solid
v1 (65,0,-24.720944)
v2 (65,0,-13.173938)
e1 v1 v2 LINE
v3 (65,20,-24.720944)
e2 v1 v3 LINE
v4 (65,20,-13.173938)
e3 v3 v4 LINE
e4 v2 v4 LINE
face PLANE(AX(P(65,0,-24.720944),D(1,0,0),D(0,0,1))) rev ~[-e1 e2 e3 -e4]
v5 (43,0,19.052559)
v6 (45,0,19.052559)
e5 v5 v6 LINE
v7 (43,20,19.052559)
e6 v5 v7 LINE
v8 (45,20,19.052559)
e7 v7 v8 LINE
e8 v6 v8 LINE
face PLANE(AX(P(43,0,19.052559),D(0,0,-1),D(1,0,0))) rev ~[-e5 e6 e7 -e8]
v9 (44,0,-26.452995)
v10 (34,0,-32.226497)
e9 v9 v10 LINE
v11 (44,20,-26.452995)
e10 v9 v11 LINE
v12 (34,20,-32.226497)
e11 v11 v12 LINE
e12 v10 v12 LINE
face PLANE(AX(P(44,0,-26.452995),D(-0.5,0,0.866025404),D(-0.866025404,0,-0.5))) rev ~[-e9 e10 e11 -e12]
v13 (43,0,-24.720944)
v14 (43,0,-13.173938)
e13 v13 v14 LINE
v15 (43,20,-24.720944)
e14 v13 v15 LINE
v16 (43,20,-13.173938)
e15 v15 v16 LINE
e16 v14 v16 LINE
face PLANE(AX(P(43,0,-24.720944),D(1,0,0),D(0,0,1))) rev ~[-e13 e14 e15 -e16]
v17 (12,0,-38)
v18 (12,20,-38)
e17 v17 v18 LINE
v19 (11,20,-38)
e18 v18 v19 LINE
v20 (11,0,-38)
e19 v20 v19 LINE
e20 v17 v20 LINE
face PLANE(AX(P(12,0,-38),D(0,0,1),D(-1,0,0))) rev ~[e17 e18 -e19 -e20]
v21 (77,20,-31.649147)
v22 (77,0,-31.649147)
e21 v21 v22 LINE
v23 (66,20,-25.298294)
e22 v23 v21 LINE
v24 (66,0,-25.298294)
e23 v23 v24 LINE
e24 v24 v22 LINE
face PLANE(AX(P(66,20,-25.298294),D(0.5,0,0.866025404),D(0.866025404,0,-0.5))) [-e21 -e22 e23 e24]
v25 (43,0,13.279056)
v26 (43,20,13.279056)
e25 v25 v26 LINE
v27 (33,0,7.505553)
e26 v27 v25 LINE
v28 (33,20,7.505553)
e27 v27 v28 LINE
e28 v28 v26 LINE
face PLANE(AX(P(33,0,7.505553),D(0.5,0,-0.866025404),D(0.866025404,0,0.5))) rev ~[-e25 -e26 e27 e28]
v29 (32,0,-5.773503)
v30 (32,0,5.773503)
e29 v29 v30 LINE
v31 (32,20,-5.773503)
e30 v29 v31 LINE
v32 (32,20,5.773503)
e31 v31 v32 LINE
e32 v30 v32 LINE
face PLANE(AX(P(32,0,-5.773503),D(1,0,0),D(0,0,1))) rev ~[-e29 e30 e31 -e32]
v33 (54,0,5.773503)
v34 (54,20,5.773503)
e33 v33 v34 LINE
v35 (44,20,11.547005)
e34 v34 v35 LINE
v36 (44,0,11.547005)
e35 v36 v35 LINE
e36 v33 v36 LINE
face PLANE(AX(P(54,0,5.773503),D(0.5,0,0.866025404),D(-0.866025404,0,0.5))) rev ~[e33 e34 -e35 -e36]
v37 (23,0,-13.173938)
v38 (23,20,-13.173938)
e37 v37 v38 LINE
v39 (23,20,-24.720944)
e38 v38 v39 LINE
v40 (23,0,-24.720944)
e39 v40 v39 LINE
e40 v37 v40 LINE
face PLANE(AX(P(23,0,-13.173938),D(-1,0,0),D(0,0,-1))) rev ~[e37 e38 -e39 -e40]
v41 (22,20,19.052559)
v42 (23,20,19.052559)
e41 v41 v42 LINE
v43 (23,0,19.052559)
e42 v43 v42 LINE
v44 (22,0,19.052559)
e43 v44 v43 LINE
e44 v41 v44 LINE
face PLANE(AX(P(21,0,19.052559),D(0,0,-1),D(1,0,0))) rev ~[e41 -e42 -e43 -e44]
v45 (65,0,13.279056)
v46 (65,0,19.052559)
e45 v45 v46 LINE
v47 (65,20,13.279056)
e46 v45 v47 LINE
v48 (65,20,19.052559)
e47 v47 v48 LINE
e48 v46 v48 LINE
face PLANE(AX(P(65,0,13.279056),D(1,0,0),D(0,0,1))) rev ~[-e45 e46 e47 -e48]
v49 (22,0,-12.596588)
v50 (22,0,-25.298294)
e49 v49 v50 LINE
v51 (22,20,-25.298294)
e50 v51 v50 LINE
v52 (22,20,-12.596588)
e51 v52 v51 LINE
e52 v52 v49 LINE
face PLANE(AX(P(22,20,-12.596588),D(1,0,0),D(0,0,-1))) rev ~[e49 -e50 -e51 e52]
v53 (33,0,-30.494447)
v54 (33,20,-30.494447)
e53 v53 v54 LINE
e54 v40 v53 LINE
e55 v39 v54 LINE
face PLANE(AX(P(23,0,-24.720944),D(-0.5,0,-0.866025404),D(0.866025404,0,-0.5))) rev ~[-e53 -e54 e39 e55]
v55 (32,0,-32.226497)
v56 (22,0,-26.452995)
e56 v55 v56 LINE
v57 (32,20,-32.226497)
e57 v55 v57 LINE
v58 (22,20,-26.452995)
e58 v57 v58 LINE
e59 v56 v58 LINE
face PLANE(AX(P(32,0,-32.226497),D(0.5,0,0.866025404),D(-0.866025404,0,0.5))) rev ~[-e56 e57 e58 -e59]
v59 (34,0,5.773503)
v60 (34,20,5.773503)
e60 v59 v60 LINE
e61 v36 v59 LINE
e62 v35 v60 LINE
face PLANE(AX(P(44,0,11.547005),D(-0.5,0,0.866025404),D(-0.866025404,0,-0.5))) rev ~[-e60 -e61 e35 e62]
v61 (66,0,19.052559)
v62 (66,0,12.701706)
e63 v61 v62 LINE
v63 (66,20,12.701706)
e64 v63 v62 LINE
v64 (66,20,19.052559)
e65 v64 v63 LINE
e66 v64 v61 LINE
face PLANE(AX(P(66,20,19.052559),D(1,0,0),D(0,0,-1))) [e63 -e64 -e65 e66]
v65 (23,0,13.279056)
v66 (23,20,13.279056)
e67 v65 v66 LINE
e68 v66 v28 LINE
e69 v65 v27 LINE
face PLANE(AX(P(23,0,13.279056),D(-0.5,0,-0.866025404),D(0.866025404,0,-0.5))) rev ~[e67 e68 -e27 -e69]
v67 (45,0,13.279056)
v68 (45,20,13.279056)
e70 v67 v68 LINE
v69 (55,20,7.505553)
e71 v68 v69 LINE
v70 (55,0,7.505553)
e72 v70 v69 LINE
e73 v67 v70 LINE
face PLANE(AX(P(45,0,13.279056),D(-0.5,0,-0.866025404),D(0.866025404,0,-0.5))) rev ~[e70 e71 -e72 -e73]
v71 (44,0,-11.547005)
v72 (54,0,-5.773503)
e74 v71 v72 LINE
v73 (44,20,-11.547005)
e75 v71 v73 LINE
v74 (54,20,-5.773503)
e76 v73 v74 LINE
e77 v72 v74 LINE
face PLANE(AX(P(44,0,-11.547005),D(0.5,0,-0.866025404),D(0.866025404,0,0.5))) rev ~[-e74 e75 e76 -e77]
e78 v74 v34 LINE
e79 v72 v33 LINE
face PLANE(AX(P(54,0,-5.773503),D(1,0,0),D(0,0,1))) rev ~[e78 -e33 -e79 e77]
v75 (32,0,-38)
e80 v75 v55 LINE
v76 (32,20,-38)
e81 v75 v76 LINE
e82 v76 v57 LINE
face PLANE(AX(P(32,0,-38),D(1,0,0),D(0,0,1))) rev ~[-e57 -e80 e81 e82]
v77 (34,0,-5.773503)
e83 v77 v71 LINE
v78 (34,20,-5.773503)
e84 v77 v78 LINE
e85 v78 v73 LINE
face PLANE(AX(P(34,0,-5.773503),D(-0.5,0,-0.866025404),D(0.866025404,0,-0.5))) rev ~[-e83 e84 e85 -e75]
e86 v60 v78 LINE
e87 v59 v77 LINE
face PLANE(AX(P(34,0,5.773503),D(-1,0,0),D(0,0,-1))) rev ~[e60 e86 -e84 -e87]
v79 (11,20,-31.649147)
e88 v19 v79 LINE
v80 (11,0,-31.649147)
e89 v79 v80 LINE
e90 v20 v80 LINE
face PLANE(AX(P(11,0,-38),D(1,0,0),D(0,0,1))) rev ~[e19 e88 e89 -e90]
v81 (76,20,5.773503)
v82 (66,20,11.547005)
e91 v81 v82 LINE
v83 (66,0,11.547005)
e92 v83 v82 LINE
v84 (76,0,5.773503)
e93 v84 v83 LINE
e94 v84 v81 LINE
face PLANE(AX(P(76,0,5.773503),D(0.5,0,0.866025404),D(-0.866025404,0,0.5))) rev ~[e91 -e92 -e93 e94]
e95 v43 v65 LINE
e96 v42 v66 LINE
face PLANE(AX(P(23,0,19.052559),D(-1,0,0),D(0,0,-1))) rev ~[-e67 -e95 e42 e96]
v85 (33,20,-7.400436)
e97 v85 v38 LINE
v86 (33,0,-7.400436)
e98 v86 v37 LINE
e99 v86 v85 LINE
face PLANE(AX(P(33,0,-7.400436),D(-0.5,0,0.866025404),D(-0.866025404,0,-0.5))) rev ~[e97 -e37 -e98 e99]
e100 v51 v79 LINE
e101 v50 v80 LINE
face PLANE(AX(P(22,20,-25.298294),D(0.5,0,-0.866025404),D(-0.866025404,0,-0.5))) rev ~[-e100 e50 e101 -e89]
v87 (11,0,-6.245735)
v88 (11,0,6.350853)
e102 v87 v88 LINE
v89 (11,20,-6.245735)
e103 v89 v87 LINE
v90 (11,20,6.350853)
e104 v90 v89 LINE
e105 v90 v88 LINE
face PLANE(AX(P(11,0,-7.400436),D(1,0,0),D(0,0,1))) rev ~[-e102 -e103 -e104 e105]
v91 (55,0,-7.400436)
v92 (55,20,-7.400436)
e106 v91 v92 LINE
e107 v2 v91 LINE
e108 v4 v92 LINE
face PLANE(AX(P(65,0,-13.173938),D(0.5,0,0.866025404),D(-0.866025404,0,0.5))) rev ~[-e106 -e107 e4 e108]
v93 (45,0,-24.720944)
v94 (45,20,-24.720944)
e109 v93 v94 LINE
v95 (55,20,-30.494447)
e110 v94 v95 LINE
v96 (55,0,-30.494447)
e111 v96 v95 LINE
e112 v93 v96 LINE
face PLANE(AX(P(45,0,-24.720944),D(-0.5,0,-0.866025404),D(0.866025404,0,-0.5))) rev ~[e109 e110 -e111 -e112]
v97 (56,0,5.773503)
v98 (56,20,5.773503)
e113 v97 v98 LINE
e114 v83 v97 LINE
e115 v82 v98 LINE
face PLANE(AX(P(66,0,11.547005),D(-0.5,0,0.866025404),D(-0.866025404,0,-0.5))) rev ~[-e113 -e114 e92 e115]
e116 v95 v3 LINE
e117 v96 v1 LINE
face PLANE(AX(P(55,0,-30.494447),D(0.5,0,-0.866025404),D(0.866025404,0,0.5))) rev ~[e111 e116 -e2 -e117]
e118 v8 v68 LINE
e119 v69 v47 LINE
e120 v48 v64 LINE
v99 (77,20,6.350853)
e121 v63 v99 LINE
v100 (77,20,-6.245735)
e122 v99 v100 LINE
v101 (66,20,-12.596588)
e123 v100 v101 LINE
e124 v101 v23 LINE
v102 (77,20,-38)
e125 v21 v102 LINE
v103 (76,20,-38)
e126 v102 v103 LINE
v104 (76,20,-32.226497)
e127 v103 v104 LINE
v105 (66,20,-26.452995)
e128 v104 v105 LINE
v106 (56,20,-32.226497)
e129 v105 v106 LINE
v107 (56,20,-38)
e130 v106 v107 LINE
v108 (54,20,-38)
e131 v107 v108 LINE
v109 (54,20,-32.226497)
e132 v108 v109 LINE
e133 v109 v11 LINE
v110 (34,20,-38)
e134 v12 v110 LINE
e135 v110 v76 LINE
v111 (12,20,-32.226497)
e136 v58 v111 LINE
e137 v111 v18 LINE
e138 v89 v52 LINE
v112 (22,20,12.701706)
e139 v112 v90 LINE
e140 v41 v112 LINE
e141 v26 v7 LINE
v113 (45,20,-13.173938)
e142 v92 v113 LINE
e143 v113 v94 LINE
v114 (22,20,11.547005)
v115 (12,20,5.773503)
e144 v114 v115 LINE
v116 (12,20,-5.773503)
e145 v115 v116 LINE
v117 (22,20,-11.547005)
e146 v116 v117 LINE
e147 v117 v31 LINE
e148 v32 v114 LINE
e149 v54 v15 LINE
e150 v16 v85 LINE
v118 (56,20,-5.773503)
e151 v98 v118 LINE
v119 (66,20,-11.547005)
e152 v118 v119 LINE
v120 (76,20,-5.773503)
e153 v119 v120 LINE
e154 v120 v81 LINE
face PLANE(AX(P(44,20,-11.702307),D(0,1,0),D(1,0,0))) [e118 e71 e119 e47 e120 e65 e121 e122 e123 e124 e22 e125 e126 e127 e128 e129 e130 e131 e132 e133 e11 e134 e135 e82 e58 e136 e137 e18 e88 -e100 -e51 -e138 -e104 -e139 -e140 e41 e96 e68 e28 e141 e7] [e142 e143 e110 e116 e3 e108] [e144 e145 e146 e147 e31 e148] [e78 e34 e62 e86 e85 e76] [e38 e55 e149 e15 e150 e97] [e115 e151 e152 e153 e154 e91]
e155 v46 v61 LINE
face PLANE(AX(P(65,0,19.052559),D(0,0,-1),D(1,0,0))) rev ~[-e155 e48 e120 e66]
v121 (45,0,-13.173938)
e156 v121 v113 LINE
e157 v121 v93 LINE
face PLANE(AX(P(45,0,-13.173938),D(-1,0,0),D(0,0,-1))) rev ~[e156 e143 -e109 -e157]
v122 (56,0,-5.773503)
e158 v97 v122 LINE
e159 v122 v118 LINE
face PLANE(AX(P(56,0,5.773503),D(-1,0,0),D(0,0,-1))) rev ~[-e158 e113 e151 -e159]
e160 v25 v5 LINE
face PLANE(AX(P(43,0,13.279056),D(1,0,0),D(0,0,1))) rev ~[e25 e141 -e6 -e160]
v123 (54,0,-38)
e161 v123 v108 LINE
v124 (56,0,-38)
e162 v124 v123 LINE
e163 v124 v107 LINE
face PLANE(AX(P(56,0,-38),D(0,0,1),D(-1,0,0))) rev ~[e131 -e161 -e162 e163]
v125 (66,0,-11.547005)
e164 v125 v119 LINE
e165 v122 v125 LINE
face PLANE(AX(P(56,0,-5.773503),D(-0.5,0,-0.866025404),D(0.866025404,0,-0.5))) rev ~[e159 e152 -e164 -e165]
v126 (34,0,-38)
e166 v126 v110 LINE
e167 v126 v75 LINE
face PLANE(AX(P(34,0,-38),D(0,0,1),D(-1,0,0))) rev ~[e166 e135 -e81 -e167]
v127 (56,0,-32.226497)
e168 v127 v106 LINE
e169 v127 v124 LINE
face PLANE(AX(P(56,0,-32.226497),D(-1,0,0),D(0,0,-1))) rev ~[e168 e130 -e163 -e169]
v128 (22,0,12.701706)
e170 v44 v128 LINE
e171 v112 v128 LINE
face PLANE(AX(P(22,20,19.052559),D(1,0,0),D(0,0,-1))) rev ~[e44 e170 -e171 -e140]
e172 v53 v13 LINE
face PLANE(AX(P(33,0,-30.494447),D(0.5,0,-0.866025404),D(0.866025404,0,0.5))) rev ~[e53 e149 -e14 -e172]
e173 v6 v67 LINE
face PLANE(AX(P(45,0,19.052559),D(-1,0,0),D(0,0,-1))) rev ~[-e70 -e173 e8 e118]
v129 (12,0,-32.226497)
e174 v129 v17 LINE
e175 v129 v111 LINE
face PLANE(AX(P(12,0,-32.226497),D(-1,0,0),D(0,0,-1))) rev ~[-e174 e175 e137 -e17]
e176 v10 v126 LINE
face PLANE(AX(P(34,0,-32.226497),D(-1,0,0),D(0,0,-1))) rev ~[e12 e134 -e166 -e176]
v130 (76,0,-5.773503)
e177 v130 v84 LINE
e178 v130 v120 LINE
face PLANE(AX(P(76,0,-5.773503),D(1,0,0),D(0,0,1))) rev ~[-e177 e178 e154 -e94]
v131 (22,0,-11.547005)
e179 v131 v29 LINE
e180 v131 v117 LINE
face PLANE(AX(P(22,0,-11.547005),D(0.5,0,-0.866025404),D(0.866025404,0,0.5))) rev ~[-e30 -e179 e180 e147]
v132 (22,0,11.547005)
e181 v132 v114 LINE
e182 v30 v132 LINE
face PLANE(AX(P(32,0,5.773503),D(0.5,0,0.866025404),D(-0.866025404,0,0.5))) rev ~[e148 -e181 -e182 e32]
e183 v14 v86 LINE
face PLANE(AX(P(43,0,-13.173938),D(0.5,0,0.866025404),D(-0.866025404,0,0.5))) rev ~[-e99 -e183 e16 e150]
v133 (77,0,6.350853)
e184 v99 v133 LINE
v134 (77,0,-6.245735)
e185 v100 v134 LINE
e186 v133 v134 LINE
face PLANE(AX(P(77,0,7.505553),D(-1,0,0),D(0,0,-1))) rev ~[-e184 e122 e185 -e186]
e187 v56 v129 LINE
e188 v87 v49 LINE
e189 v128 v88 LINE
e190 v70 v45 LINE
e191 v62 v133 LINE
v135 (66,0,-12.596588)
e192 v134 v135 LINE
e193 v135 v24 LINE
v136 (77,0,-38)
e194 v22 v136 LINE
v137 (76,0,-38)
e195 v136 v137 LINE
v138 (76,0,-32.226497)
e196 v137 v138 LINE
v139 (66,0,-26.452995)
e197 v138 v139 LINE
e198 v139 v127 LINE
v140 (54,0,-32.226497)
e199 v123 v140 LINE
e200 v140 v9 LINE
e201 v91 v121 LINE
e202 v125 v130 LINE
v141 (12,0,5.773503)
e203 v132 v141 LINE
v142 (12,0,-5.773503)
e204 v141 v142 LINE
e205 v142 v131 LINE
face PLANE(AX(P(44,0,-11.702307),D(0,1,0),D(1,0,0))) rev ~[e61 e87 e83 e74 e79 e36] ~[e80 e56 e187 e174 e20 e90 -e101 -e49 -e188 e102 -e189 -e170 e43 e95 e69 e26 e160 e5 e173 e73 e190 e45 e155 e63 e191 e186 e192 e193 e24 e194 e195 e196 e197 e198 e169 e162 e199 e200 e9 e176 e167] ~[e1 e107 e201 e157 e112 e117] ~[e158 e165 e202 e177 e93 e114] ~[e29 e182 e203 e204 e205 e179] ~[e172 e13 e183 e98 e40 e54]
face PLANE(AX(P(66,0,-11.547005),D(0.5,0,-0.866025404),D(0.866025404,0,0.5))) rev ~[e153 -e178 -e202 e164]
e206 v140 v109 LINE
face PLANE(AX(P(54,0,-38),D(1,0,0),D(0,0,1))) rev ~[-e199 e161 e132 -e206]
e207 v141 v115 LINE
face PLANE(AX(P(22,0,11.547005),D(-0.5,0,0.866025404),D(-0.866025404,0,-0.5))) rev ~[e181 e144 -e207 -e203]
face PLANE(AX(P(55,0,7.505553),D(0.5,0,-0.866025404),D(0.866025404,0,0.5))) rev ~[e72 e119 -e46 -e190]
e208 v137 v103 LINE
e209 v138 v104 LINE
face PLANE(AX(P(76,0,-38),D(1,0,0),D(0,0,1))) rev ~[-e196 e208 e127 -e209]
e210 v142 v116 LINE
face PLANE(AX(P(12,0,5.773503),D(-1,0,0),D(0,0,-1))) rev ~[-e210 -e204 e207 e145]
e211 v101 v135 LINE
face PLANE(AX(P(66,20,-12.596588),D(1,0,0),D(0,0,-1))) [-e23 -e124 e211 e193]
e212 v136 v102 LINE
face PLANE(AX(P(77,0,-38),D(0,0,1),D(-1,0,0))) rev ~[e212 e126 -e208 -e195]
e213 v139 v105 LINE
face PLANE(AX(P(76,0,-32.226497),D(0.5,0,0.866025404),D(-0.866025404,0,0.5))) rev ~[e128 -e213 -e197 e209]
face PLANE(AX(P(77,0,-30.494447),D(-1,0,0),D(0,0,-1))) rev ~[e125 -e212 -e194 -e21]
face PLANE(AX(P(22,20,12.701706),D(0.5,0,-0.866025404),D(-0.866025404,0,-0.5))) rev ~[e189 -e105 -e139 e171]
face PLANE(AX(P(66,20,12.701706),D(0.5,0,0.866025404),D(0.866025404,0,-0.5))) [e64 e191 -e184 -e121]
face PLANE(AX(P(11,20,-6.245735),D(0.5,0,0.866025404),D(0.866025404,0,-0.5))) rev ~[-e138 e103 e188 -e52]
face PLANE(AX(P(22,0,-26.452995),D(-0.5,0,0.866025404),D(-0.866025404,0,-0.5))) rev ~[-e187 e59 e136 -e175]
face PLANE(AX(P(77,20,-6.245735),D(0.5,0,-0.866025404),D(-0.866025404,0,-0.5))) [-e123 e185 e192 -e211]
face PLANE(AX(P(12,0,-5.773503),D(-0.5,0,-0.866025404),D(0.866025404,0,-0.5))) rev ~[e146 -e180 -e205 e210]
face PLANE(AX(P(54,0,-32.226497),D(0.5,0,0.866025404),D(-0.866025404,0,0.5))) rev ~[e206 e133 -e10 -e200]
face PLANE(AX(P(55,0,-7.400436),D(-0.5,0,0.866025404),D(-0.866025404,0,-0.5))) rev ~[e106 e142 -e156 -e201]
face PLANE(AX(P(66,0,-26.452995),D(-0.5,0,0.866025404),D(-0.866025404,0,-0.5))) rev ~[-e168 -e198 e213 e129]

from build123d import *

# Parameters (mm, degrees)
BOSS_EXTRUDE2_DEPTH = 20
CUT_EXTRUDE1_DEPTH  = 21


with BuildPart() as part:
    # Sketch1 → Boss-Extrude2 (new body)
    with BuildSketch(Plane(origin=(0, 0, 0), x_dir=(1, 0, 0), z_dir=(0, 1, 0))):
        Polygon((21, -13.279056191), (21, -19.052558883), (23, -19.052558883), (23, -13.279056191), (33, -7.505553499), (43, -13.279056191), (43, -19.052558883), (45, -19.052558883), (45, -13.279056191), (55, -7.505553499), (65, -13.279056191), (65, -19.052558883), (67, -19.052558883), (67, -13.279056191), (77, -7.505553499), (77, 7.400435733), (67, 13.173938425), (67, 24.720943809), (77, 30.494446501), (77, 38), (76, 38), (76, 32.226497308), (66, 26.452994616), (56, 32.226497308), (56, 38), (54, 38), (54, 32.226497308), (44, 26.452994616), (34, 32.226497308), (34, 38), (32, 38), (32, 32.226497308), (22, 26.452994616), (12, 32.226497308), (12, 38), (11, 38), (11, 30.494446501), (21, 24.720943809), (21, 13.173938425), (11, 7.400435733), (11, -7.505553499), align=None)
        Polygon((12, 5.773502692), (22, 11.547005384), (32, 5.773502692), (32, -5.773502692), (22, -11.547005384), (12, -5.773502692), align=None, mode=Mode.SUBTRACT)
        Polygon((34, 5.773502692), (44, 11.547005384), (54, 5.773502692), (54, -5.773502692), (44, -11.547005384), (34, -5.773502692), align=None, mode=Mode.SUBTRACT)
        Polygon((56, 5.773502692), (66, 11.547005384), (76, 5.773502692), (76, -5.773502692), (66, -11.547005384), (56, -5.773502692), align=None, mode=Mode.SUBTRACT)
        Polygon((43, 13.173938425), (33, 7.400435733), (23, 13.173938425), (23, 24.720943809), (33, 30.494446501), (43, 24.720943809), align=None, mode=Mode.SUBTRACT)
        Polygon((65, 13.173938425), (55, 7.400435733), (45, 13.173938425), (45, 24.720943809), (55, 30.494446501), (65, 24.720943809), align=None, mode=Mode.SUBTRACT)
    extrude(amount=BOSS_EXTRUDE2_DEPTH)

    # Sketch2 → Cut-Extrude1 (cut, through all)
    with BuildSketch(Plane(origin=(0, 20, 0), x_dir=(1, 0, 0), z_dir=(0, 1, 0))):
        Polygon((11, 6.245735195), (22, 12.596588156), (22, 25.298294078), (11, 31.649147039), (2.295872016, -19.052558883), (22, -19.052558883), (22, -12.701705922), (11, -6.350852961), align=None)
        Polygon((77, 31.649147039), (85.704127984, -19.052558883), (66, -19.052558883), (66, -12.701705922), (77, -6.350852961), (77, 6.245735195), (66, 12.596588156), (66, 25.298294078), align=None)
    extrude(amount=-CUT_EXTRUDE1_DEPTH, mode=Mode.SUBTRACT)


solid = part.part
